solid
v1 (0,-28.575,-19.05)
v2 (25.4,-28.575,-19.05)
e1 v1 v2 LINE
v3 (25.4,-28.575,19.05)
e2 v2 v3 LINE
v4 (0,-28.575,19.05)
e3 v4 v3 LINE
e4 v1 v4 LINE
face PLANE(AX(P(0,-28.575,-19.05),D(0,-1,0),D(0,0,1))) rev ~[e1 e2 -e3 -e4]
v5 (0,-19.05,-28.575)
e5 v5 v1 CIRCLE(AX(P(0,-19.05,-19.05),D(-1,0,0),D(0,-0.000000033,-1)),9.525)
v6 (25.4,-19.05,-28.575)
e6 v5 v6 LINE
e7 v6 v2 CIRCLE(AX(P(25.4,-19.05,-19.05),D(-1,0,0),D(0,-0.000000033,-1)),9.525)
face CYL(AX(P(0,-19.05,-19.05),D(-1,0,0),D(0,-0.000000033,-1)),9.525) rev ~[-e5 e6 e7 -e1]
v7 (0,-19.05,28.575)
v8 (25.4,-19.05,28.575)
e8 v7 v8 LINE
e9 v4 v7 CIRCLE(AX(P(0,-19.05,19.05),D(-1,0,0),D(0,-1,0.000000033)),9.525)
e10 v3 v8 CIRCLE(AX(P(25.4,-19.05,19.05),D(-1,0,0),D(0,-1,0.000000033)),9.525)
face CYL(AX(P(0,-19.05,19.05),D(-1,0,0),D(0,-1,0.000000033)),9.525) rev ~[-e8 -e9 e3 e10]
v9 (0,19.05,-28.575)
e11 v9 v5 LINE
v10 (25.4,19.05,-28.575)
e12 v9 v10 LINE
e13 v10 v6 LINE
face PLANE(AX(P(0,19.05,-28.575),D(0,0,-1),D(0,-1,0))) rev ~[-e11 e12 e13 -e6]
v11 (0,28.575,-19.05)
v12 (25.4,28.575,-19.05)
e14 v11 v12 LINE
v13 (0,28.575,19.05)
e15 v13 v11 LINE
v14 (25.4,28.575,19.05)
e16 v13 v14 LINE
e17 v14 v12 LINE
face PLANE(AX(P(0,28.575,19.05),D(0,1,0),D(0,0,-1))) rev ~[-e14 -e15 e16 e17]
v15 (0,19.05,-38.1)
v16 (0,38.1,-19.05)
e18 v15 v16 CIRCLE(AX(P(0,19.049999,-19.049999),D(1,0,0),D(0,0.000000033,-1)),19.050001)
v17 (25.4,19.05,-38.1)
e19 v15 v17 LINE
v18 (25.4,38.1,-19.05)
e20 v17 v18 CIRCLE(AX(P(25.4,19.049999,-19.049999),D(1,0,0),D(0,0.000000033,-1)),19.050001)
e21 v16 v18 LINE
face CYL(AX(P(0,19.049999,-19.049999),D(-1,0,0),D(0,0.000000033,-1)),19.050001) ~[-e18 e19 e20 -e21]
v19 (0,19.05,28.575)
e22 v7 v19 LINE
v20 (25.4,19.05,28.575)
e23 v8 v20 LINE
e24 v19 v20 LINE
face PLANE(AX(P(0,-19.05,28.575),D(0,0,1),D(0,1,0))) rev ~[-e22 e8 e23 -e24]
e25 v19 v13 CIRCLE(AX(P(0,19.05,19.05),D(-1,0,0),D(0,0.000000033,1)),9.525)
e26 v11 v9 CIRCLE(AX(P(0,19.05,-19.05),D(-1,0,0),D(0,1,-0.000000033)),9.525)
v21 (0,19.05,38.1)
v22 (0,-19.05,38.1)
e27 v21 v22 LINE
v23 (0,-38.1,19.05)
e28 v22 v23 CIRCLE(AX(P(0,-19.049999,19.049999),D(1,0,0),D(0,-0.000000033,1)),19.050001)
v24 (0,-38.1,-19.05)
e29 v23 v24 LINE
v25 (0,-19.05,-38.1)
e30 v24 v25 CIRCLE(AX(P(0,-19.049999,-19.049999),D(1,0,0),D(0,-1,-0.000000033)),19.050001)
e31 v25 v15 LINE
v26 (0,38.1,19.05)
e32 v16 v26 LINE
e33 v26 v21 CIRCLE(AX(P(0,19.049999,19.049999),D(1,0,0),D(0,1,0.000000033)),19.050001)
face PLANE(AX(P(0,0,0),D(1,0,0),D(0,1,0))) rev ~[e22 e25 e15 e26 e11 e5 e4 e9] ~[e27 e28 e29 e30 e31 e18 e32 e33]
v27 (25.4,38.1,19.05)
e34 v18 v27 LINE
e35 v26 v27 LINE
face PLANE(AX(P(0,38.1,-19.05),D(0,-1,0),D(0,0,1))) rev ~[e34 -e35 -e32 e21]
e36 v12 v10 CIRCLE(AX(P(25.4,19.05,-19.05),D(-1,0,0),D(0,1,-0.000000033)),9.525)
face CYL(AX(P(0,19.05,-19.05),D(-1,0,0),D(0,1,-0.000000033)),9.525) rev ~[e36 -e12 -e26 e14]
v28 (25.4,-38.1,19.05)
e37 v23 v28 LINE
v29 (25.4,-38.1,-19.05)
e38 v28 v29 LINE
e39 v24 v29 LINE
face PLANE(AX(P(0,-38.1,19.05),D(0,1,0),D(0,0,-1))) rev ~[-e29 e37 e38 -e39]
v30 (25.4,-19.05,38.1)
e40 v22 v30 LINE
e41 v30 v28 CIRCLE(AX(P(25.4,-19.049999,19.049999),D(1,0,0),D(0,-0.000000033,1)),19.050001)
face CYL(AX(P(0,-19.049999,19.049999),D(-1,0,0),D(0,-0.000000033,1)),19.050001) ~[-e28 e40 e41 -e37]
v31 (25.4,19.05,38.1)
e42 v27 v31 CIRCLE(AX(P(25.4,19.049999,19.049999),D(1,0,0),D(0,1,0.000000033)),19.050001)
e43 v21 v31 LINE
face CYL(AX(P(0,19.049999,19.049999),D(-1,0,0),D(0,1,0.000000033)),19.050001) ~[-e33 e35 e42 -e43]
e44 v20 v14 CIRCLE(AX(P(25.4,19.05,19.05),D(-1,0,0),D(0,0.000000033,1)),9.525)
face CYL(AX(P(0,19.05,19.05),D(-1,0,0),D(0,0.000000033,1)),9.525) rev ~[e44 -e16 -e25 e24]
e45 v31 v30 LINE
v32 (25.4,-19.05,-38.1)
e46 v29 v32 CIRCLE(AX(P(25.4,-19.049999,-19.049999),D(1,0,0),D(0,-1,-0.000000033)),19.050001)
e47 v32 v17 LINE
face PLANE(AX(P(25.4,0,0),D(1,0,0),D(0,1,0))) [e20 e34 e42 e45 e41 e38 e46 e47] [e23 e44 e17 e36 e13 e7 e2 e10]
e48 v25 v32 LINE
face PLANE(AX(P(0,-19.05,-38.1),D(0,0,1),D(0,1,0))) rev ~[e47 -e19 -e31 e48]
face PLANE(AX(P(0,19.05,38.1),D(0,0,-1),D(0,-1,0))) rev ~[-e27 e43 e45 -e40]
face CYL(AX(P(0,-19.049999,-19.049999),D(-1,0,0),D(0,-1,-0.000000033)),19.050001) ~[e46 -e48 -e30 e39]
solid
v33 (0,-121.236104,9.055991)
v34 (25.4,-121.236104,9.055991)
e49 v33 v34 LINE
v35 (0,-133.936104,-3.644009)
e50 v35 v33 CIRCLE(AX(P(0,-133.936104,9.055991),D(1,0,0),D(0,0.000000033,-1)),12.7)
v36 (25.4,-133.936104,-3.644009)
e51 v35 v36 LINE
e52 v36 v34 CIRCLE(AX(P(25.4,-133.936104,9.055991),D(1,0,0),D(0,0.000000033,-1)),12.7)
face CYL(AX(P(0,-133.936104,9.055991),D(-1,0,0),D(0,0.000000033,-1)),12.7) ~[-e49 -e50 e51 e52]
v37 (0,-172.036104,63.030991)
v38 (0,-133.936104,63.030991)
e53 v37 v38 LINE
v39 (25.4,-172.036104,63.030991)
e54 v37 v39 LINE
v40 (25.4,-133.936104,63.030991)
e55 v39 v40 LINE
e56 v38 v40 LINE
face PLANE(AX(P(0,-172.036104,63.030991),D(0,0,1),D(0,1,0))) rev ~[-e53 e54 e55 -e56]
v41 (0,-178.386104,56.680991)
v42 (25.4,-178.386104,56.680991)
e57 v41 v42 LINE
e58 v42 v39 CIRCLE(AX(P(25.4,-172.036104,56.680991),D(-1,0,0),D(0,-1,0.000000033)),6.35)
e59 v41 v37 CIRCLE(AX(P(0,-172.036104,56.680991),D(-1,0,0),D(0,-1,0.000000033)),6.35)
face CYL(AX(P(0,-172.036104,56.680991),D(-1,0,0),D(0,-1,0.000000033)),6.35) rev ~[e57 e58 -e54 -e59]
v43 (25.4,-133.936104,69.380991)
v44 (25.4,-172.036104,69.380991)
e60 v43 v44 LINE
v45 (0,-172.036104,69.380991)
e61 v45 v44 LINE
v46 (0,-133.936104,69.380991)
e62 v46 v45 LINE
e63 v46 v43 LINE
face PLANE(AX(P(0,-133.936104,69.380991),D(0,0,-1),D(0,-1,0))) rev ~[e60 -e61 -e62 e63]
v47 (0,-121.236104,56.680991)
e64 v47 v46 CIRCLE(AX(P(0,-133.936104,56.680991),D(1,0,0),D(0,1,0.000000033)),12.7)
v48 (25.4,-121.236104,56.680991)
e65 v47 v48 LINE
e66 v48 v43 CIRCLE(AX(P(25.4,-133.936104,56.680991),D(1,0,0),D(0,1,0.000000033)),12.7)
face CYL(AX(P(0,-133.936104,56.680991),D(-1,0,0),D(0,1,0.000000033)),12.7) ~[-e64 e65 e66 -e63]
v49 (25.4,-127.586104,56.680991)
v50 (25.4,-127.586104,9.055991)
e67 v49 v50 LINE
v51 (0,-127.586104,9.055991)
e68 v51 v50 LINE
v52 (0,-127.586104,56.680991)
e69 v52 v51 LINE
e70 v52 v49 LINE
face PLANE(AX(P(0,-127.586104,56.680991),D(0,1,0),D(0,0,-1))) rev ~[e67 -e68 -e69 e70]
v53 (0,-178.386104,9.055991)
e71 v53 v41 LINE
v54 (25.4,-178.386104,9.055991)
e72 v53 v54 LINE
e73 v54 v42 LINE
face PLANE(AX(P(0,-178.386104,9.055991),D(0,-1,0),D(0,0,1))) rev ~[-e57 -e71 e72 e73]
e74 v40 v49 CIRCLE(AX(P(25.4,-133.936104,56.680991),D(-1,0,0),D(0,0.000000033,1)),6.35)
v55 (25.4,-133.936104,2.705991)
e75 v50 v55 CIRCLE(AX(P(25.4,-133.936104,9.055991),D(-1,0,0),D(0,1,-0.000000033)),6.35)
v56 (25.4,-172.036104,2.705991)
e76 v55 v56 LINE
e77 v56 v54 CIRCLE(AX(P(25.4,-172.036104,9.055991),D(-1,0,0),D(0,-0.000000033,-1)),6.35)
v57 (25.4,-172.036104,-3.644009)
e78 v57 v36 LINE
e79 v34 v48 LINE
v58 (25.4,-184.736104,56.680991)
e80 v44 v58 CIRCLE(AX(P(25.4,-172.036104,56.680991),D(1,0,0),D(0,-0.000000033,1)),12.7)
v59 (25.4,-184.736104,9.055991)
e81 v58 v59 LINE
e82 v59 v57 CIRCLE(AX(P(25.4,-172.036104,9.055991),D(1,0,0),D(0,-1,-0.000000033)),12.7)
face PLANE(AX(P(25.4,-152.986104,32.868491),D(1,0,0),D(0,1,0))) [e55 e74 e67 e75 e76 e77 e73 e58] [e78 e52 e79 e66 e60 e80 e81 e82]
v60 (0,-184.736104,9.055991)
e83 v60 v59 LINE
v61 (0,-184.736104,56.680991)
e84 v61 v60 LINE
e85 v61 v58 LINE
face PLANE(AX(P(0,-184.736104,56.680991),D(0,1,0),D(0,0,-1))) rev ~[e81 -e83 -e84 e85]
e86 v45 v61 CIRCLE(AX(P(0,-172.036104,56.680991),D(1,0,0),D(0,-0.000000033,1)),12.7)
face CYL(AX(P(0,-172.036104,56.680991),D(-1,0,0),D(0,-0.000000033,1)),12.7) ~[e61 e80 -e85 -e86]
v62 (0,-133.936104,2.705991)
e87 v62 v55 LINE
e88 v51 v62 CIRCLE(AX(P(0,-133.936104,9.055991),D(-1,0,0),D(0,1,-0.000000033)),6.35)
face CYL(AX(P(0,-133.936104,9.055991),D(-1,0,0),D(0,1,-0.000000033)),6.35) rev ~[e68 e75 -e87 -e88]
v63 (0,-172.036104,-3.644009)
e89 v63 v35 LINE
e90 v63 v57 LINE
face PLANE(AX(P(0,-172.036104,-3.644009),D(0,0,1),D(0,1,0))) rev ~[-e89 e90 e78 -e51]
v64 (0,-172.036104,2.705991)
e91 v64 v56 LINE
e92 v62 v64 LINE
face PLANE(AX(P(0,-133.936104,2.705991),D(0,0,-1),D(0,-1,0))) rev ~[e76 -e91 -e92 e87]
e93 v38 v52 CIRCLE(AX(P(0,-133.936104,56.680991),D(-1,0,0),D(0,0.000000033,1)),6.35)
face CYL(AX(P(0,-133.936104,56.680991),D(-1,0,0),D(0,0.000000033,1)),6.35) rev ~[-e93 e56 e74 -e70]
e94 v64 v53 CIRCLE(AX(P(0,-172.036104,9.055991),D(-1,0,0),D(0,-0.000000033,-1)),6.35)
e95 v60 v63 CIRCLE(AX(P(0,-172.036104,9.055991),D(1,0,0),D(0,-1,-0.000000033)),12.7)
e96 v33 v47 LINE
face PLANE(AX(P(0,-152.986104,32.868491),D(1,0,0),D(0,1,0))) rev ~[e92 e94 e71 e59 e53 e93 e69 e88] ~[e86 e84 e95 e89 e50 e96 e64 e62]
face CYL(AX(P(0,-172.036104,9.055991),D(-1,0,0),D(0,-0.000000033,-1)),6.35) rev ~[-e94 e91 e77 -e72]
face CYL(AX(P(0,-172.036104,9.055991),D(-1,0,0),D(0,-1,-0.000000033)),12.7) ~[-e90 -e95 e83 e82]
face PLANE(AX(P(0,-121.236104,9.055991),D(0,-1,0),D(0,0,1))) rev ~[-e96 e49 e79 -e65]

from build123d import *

# Parameters (mm, degrees)
F1_DEPTH = 25.4
F3_DEPTH = 25.4


with BuildPart() as f1:
    # F0 (on Right) → F1 (new body)
    with BuildSketch(Plane.YZ):
        with BuildLine():
            Line((19.05, 38.1), (-19.05, 38.1))
            ThreePointArc((-19.05, 38.1), (-32.520384, 32.520384), (-38.1, 19.05))
            Line((-38.1, 19.05), (-38.1, -19.05))
            ThreePointArc((-38.1, -19.05), (-32.520384, -32.520384), (-19.05, -38.1))
            Line((-19.05, -38.1), (19.05, -38.1))
            ThreePointArc((19.05, -38.1), (32.520384, -32.520384), (38.1, -19.05))
            Line((38.1, -19.05), (38.1, 19.05))
            ThreePointArc((38.1, 19.05), (32.520384, 32.520384), (19.05, 38.1))
        make_face()
        with BuildLine():
            ThreePointArc((-28.575, 19.05), (-25.785192, 25.785192), (-19.05, 28.575))
            Line((-19.05, 28.575), (19.05, 28.575))
            ThreePointArc((19.05, 28.575), (25.785192, 25.785192), (28.575, 19.05))
            Line((28.575, 19.05), (28.575, -19.05))
            ThreePointArc((28.575, -19.05), (25.785192, -25.785192), (19.05, -28.575))
            Line((19.05, -28.575), (-19.05, -28.575))
            ThreePointArc((-19.05, -28.575), (-25.785192, -25.785192), (-28.575, -19.05))
            Line((-28.575, -19.05), (-28.575, 19.05))
        make_face(mode=Mode.SUBTRACT)
    extrude(amount=F1_DEPTH)


with BuildPart() as f3:
    # F2 (on Right) → F3 (new body)
    with BuildSketch(Plane.YZ):
        with BuildLine():
            Line((-133.936104, 69.380991), (-172.036104, 69.380991))
            ThreePointArc((-172.036104, 69.380991), (-181.01636, 65.661247), (-184.736104, 56.680991))
            Line((-184.736104, 56.680991), (-184.736104, 9.055991))
            ThreePointArc((-184.736104, 9.055991), (-181.01636, 0.075735), (-172.036104, -3.644009))
            Line((-172.036104, -3.644009), (-133.936104, -3.644009))
            ThreePointArc((-133.936104, -3.644009), (-124.955848, 0.075735), (-121.236104, 9.055991))
            Line((-121.236104, 9.055991), (-121.236104, 56.680991))
            ThreePointArc((-121.236104, 56.680991), (-124.955848, 65.661247), (-133.936104, 69.380991))
        make_face()
        with BuildLine():
            ThreePointArc((-178.386104, 56.680991), (-176.526232, 61.171119), (-172.036104, 63.030991))
            Line((-172.036104, 63.030991), (-133.936104, 63.030991))
            ThreePointArc((-133.936104, 63.030991), (-129.445976, 61.171119), (-127.586104, 56.680991))
            Line((-127.586104, 56.680991), (-127.586104, 9.055991))
            ThreePointArc((-127.586104, 9.055991), (-129.445976, 4.565863), (-133.936104, 2.705991))
            Line((-133.936104, 2.705991), (-172.036104, 2.705991))
            ThreePointArc((-172.036104, 2.705991), (-176.526232, 4.565863), (-178.386104, 9.055991))
            Line((-178.386104, 9.055991), (-178.386104, 56.680991))
        make_face(mode=Mode.SUBTRACT)
    extrude(amount=F3_DEPTH)


solid = Compound([f1.part, f3.part])
